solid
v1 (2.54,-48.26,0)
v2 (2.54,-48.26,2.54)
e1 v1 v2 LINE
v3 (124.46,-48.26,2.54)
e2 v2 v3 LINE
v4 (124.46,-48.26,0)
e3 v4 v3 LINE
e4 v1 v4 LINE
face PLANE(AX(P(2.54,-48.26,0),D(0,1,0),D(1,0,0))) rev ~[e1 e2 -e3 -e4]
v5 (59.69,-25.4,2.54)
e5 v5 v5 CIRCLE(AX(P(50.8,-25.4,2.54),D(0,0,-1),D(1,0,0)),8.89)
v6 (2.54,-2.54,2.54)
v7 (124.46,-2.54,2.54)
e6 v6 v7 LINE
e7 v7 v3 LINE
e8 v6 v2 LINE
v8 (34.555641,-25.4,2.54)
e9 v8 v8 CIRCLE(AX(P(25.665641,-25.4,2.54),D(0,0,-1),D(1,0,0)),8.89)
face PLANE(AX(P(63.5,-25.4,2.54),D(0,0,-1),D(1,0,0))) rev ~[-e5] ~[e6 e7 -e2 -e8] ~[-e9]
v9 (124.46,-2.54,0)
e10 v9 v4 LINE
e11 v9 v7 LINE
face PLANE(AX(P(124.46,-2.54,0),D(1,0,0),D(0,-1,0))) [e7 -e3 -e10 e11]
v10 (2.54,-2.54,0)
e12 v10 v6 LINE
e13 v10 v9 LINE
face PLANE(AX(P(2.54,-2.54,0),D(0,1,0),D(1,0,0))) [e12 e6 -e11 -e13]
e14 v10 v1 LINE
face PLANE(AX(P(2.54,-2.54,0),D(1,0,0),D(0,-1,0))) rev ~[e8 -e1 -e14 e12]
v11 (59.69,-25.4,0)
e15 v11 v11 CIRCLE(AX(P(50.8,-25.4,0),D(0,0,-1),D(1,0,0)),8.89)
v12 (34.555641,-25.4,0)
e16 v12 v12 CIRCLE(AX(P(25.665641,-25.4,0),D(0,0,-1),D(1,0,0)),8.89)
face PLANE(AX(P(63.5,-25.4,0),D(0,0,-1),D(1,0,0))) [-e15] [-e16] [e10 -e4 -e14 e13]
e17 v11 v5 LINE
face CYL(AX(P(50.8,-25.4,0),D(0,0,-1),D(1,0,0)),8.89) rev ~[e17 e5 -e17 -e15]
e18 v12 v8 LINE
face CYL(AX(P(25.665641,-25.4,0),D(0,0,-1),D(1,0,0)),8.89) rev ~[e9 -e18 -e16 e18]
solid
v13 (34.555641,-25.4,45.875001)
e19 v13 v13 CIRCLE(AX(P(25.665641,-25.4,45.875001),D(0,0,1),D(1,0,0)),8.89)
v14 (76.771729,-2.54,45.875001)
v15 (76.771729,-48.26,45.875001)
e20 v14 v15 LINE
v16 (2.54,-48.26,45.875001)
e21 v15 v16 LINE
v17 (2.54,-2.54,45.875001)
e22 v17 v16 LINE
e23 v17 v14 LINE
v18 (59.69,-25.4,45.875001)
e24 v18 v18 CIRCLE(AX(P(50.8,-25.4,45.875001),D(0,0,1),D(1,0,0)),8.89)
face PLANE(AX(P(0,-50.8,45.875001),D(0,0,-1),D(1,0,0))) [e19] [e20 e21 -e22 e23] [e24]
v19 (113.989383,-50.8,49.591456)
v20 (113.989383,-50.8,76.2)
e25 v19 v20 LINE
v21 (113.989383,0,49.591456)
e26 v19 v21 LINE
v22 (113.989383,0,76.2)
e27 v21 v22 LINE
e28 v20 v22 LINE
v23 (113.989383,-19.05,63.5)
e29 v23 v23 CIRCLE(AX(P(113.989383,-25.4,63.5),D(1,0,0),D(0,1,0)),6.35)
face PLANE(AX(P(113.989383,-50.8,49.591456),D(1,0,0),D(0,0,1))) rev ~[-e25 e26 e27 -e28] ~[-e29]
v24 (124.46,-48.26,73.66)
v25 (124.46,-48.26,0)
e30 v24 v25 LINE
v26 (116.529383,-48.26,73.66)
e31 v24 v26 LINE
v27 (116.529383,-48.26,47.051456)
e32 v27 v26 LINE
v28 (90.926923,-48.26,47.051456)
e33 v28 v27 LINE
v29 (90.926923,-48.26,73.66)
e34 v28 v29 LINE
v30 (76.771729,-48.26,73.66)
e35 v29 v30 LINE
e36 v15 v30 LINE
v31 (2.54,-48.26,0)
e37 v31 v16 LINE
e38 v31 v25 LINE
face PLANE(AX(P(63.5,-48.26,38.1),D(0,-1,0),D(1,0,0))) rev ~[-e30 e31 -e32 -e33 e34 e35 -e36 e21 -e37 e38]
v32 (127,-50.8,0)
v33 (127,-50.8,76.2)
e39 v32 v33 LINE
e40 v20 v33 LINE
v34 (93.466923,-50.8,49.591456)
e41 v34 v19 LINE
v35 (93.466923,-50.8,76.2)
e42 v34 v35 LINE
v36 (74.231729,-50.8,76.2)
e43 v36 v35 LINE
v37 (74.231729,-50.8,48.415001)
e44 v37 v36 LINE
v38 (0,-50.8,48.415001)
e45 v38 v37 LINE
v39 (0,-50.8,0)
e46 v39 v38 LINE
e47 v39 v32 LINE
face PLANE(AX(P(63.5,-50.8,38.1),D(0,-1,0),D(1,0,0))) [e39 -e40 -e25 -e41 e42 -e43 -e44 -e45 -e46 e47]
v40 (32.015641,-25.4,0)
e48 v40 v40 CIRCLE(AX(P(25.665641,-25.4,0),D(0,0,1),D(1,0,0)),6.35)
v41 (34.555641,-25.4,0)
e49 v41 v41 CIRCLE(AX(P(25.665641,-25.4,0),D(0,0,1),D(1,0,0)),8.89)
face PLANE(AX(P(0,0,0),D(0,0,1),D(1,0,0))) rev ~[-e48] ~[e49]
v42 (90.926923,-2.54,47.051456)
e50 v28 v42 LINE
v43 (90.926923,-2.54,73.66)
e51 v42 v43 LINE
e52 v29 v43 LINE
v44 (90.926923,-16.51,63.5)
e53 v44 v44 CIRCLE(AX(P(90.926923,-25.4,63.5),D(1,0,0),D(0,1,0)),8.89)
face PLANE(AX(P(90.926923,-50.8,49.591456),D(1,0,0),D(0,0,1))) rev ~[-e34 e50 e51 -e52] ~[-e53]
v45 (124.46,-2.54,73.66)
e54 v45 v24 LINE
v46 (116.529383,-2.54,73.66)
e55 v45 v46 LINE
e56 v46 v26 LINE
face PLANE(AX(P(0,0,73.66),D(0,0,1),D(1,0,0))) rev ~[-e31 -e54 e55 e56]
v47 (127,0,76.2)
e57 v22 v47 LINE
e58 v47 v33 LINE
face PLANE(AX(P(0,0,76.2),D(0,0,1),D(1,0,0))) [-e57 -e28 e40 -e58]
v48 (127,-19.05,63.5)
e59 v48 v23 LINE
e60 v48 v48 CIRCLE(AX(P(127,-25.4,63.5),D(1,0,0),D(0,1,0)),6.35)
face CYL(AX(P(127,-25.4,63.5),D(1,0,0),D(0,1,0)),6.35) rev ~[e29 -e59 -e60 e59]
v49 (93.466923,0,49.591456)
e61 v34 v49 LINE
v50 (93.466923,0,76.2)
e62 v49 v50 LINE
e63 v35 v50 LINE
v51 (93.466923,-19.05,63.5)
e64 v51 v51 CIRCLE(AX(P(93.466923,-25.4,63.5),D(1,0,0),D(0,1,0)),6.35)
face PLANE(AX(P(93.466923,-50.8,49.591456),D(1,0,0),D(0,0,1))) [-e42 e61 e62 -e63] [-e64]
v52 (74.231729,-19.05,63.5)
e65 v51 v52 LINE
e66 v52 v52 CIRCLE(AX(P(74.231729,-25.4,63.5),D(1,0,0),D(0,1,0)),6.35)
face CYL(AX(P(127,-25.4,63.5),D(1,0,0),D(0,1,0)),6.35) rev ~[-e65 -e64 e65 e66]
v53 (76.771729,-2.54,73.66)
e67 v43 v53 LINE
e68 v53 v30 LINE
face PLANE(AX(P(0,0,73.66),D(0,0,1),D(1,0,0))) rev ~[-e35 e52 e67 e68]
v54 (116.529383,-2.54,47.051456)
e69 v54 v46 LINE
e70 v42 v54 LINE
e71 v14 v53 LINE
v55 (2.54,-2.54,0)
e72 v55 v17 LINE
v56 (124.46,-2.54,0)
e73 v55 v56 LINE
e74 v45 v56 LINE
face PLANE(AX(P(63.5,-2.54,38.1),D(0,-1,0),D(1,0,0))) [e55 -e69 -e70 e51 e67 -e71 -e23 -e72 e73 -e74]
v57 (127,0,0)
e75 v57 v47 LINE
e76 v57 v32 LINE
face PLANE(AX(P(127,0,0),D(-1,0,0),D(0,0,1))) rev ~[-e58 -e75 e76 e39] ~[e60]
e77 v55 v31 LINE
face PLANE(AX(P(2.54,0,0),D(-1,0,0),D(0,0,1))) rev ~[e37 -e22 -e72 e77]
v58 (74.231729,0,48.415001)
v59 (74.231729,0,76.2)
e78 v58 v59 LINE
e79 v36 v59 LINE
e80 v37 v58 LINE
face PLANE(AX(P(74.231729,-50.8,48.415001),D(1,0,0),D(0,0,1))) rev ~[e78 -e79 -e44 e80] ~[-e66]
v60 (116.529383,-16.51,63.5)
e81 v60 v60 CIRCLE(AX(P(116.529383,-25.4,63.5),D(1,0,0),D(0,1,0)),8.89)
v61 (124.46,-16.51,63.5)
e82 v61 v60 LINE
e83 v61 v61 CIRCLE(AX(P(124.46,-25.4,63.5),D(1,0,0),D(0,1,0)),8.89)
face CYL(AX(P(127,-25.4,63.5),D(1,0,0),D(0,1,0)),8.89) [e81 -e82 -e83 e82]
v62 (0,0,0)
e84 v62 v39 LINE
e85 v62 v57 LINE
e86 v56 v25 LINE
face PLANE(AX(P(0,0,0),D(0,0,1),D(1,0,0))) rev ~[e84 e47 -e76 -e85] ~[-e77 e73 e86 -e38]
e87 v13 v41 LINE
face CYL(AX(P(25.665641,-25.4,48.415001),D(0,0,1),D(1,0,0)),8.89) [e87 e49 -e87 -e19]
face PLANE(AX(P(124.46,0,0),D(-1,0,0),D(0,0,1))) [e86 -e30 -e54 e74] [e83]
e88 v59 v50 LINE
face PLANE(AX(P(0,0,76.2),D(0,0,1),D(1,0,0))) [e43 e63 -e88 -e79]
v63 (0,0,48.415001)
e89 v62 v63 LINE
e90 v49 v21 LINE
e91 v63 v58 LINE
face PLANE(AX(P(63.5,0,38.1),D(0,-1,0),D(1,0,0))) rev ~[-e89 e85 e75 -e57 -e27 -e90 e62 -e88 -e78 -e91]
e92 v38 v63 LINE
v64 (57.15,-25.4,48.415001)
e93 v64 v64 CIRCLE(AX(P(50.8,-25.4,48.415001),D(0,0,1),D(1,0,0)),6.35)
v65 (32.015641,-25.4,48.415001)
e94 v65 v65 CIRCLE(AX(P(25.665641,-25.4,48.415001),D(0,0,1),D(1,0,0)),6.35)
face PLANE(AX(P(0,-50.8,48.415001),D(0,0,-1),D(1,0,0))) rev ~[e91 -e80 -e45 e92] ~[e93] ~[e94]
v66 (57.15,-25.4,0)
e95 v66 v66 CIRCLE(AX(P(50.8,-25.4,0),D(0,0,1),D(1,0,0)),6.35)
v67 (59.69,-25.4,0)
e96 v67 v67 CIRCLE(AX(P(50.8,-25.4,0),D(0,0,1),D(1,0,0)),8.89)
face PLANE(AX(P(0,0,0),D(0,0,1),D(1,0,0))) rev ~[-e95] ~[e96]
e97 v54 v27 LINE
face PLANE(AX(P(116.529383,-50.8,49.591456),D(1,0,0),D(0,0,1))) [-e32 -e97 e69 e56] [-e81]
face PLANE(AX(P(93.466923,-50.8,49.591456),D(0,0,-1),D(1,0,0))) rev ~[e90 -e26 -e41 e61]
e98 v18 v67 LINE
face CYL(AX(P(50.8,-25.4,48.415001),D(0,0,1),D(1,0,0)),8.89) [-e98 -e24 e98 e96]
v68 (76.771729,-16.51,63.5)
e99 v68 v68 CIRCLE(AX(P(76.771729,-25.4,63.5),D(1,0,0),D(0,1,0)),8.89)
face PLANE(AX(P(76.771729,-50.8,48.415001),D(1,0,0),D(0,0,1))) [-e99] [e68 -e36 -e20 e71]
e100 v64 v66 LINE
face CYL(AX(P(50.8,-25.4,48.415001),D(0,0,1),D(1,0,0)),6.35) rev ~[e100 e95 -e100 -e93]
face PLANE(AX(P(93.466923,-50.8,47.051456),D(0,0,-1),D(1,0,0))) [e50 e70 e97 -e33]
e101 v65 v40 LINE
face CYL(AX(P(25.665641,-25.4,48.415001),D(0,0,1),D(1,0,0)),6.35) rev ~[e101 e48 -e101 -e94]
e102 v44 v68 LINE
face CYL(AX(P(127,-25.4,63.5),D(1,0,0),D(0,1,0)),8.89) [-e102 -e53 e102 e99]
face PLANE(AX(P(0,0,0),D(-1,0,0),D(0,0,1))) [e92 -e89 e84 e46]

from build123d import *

# Parameters (mm, degrees)
F0_W      = 127
F0_H      = 76.2
F1_DEPTH  = 50.8
F2_W      = 20.5224603415
F2_H      = 26.6085443914
F3_DEPTH  = 50.8
F4_W      = 74.2317289114
F4_H      = 27.7849985182
F5_DEPTH  = 50.8
F6_R      = 6.35
F7_DEPTH  = 127.001
F8_R      = 6.35
F9_DEPTH  = 48.4150014818
F10_R     = 6.35
F11_DEPTH = 48.4150014818
F13_T     = -2.54
F14_W     = 121.92
F14_H     = 45.72
F14_R     = 8.89
F15_DEPTH = 2.54


with BuildPart() as f1:
    # F0 (on Front) → F1 (new body)
    with BuildSketch(Plane.XZ):
        with Locations((63.5, 38.1)):
            Rectangle(F0_W, F0_H)
    extrude(amount=F1_DEPTH)

    # F2 (on face) → F3 (cut, through all)
    with BuildSketch(Plane.XZ.offset(50.8)):
        with Locations((103.7281528115, 62.8957278043)):
            Rectangle(F2_W, F2_H)
    extrude(amount=-F3_DEPTH, mode=Mode.SUBTRACT)

    # F4 (on face) → F5 (cut, through all)
    with BuildSketch(Plane.XZ.offset(50.8)):
        with Locations((37.1158644557, 62.3075007409)):
            Rectangle(F4_W, F4_H)
    extrude(amount=-F5_DEPTH, mode=Mode.SUBTRACT)

    # F6 (on face) → F7 (cut, through all)
    with BuildSketch(Plane.YZ.offset(127)):
        with Locations((-25.4, 63.5)):
            Circle(F6_R)
    extrude(amount=-F7_DEPTH, mode=Mode.SUBTRACT)

    # F8 (on face) → F9 (cut, through all)
    with BuildSketch(Plane.XY.offset(48.4150014818)):
        with Locations((50.8, -25.4)):
            Circle(F8_R)
    extrude(amount=-F9_DEPTH, mode=Mode.SUBTRACT)

    # F10 (on face) → F11 (cut, through all)
    with BuildSketch(Plane.XY.offset(48.4150014818)):
        with Locations((25.665640831, -25.4)):
            Circle(F10_R)
    extrude(amount=-F11_DEPTH, mode=Mode.SUBTRACT)

    # F13
    f13_openings = [f1.faces().sort_by_distance(p)[0] for p in [
        (64.532798, -25.4, 0),
    ]]
    offset(amount=F13_T, openings=f13_openings, kind=Kind.INTERSECTION)


with BuildPart() as f15:
    # F14 (on offset) → F15 (new body)
    with BuildSketch(Plane(origin=(0, 0, 0), x_dir=(1, 0, 0), z_dir=(0, 0, -1))):
        with Locations((63.5, 25.4)):
            Rectangle(F14_W, F14_H)
        with Locations((25.665640831, 25.4)):
            Circle(F14_R, mode=Mode.SUBTRACT)
        with Locations((50.8, 25.4)):
            Circle(F14_R, mode=Mode.SUBTRACT)
    extrude(amount=-F15_DEPTH)


solid = Compound([f1.part, f15.part])
